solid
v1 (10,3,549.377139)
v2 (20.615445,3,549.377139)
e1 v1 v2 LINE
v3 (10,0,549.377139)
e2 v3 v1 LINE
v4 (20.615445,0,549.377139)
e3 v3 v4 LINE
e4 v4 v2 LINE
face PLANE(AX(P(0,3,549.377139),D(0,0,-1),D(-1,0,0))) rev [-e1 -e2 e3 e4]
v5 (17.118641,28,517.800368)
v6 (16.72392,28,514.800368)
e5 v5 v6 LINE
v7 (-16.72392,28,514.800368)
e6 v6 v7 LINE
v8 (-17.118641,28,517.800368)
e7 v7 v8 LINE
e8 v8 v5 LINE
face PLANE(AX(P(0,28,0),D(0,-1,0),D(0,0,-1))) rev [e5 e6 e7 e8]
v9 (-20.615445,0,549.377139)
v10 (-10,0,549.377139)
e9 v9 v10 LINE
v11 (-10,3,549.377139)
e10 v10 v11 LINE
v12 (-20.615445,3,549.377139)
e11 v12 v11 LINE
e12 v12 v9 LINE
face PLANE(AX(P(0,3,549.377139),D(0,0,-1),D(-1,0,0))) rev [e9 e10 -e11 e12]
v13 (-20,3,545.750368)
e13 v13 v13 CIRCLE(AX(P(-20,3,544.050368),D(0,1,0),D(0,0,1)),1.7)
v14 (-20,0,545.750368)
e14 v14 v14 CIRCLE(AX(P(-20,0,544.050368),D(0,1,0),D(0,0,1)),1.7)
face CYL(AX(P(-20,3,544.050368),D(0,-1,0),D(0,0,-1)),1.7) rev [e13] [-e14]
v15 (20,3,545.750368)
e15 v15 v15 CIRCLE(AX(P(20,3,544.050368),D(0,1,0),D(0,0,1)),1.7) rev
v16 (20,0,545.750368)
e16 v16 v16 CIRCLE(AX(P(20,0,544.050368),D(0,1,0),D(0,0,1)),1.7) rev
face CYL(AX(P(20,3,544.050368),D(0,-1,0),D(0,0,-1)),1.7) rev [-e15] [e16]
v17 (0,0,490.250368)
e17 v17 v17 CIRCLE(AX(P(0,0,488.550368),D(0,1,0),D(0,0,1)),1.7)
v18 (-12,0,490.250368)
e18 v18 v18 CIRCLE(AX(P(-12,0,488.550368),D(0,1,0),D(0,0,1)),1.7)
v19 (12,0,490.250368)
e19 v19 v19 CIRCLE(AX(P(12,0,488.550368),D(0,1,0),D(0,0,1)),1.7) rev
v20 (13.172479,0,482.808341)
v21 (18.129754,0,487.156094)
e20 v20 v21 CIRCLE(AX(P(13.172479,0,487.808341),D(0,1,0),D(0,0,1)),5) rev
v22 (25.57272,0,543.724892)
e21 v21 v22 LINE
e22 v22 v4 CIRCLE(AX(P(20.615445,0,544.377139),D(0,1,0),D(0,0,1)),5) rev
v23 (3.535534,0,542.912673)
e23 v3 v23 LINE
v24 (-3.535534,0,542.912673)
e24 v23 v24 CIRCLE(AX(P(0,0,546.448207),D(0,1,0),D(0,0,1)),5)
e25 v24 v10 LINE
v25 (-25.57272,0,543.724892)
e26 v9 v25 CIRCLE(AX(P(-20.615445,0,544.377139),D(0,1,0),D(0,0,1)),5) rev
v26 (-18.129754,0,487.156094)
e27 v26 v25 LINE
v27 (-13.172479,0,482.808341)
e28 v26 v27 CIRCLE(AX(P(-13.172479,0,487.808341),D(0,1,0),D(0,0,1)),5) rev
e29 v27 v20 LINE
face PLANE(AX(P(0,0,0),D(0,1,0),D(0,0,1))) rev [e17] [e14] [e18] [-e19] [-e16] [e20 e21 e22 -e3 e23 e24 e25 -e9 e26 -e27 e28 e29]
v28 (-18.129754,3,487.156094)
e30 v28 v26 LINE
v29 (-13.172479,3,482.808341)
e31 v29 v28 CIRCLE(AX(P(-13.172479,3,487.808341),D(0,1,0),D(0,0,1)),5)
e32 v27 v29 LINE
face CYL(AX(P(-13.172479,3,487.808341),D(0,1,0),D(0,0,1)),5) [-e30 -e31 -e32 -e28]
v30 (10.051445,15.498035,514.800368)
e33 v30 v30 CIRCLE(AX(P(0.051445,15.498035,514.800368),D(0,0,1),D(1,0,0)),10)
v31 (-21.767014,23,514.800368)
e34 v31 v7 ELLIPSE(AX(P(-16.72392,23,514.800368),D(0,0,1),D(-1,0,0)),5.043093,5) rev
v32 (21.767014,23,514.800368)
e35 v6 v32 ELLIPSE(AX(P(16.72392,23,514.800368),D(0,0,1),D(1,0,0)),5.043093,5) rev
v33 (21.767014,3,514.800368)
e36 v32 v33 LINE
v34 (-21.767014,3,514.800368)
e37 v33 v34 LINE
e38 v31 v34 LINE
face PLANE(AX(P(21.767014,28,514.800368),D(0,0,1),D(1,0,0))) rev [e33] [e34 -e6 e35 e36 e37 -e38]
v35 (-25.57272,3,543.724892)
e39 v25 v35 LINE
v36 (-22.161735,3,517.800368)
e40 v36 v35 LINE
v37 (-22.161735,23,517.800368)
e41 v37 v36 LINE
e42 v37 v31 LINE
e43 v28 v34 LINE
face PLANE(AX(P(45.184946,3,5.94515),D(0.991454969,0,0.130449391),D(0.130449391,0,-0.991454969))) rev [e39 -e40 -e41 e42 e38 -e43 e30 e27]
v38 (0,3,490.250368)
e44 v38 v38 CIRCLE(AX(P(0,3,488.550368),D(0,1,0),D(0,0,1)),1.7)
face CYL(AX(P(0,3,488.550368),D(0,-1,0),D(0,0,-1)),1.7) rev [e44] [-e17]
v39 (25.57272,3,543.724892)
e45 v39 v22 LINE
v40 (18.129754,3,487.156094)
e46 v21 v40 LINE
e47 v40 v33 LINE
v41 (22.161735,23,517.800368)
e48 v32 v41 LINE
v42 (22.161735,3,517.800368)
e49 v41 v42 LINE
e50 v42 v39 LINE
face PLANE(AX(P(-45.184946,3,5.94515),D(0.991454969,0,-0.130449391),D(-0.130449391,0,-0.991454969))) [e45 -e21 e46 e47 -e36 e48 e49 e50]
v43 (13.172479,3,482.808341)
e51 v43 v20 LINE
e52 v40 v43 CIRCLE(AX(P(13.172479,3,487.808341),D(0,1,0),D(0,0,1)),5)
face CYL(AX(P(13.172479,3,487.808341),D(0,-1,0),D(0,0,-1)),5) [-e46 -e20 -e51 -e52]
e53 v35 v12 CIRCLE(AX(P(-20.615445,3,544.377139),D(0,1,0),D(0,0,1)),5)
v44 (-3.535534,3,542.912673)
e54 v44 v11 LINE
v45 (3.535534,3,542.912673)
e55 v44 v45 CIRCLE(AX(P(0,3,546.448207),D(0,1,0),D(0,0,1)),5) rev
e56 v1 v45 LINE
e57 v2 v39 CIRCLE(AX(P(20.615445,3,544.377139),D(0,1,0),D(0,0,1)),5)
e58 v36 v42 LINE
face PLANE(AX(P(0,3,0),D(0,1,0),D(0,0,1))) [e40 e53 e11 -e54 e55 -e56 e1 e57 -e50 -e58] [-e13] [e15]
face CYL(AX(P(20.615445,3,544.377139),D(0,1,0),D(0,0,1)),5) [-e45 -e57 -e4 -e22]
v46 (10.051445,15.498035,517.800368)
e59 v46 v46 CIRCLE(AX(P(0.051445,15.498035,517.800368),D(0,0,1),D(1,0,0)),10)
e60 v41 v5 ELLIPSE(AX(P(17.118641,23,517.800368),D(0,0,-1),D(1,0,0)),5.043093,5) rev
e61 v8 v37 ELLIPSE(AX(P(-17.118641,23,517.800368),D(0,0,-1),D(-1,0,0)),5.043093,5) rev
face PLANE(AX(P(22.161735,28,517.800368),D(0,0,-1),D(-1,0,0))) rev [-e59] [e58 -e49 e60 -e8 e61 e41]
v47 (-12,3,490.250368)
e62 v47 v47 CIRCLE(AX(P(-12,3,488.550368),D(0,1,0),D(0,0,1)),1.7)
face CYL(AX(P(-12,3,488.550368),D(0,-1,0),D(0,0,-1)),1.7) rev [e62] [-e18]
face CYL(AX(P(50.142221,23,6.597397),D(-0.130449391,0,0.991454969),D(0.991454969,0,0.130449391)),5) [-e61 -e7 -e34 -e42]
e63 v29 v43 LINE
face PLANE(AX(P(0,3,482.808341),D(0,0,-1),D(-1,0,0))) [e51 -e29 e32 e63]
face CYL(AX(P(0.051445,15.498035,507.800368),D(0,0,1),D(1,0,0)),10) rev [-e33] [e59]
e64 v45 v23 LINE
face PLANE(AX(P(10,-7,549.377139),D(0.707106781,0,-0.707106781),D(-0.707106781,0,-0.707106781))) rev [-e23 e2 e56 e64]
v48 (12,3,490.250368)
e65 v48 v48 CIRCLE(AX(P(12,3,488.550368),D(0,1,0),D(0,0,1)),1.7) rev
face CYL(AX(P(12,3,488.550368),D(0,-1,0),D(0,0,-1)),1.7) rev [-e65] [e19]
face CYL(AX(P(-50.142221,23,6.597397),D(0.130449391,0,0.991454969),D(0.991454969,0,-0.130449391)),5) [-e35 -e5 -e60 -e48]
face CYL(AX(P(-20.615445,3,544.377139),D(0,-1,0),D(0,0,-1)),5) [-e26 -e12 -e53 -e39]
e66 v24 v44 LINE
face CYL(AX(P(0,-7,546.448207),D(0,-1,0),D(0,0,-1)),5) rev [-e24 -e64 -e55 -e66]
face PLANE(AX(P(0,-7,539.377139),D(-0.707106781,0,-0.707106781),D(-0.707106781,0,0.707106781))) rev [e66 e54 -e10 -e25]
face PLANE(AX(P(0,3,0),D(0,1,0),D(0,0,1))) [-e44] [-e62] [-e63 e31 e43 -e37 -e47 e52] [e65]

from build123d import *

# Parameters (mm, degrees)
SKETCH_1_R          = 1.7
EXTRUDE_2_DEPTH     = 3
EXTRUDE_3_DEPTH     = 25
SKETCH_4_R          = 10
CUT_EXTRUDE_1_DEPTH = 10
CUT_EXTRUDE_2_DEPTH = 10
FILLET_1_R          = 5


with BuildPart() as part:
    # 草图1 → 凸台-拉伸2 (new body)
    with BuildSketch(Plane(origin=(0, 0, 0), x_dir=(1, 0, 0), z_dir=(0, 1, 0))):
        Polygon((-17.55770441, -482.808341248), (17.55770441, -482.808341248), (26.316406952, -549.377139365), (-26.316406952, -549.377139365), align=None)
        with Locations(Location((-20, -544.050368455, 0), (0, 0, 270))):
            Circle(SKETCH_1_R, mode=Mode.SUBTRACT)
        with Locations(Location((20, -544.050368455, 0), (0, 0, 270))):
            Circle(SKETCH_1_R, mode=Mode.SUBTRACT)
        with Locations(Location((0, -488.550368455, 0), (0, 0, 270))):
            Circle(SKETCH_1_R, mode=Mode.SUBTRACT)
        with Locations(Location((-12, -488.550368455, 0), (0, 0, 270))):
            Circle(SKETCH_1_R, mode=Mode.SUBTRACT)
        with Locations(Location((12, -488.550368455, 0), (0, 0, 270))):
            Circle(SKETCH_1_R, mode=Mode.SUBTRACT)
    extrude(amount=EXTRUDE_2_DEPTH)

    # 草图3 → 凸台-拉伸3 (add)
    with BuildSketch(Plane(origin=(0, 3, 0), x_dir=(1, 0, 0), z_dir=(0, 1, 0))):
        Polygon((21.767013545, -514.800368455), (-21.767013545, -514.800368455), (-22.161734621, -517.800368455), (22.161734621, -517.800368455), align=None)
    extrude(amount=EXTRUDE_3_DEPTH)

    # 草图4 → 切除-拉伸1 (cut)
    with BuildSketch(Plane.XY.offset(517.800368455)):
        with Locations((0.051445108, 15.498034667)):
            Circle(SKETCH_4_R)
    extrude(amount=-CUT_EXTRUDE_1_DEPTH, mode=Mode.SUBTRACT)

    # 草图5 → 切除-拉伸2 (cut)
    with BuildSketch(Plane(origin=(0, 3, 0), x_dir=(1, 0, 0), z_dir=(0, 1, 0))):
        Polygon((0, -549.377139365), (10, -549.377139365), (0, -539.377139365), (-10, -549.377139365), align=None)
    extrude(amount=-CUT_EXTRUDE_2_DEPTH, mode=Mode.SUBTRACT)

    # 圆角1
    fillet_1_edges = [part.edges().sort_by_distance(p)[0] for p in [
        (-17.55770441, 1.5, 482.808341248),
        (17.55770441, 1.5, 482.808341248),
        (26.316406952, 1.5, 549.377139365),
        (-26.316406952, 1.5, 549.377139365),
        (-21.964374083, 28, 516.300368455),
        (21.964374083, 28, 516.300368455),
        (0, 1.5, 539.377139365),
    ]]
    fillet(fillet_1_edges, radius=FILLET_1_R)


solid = part.part
